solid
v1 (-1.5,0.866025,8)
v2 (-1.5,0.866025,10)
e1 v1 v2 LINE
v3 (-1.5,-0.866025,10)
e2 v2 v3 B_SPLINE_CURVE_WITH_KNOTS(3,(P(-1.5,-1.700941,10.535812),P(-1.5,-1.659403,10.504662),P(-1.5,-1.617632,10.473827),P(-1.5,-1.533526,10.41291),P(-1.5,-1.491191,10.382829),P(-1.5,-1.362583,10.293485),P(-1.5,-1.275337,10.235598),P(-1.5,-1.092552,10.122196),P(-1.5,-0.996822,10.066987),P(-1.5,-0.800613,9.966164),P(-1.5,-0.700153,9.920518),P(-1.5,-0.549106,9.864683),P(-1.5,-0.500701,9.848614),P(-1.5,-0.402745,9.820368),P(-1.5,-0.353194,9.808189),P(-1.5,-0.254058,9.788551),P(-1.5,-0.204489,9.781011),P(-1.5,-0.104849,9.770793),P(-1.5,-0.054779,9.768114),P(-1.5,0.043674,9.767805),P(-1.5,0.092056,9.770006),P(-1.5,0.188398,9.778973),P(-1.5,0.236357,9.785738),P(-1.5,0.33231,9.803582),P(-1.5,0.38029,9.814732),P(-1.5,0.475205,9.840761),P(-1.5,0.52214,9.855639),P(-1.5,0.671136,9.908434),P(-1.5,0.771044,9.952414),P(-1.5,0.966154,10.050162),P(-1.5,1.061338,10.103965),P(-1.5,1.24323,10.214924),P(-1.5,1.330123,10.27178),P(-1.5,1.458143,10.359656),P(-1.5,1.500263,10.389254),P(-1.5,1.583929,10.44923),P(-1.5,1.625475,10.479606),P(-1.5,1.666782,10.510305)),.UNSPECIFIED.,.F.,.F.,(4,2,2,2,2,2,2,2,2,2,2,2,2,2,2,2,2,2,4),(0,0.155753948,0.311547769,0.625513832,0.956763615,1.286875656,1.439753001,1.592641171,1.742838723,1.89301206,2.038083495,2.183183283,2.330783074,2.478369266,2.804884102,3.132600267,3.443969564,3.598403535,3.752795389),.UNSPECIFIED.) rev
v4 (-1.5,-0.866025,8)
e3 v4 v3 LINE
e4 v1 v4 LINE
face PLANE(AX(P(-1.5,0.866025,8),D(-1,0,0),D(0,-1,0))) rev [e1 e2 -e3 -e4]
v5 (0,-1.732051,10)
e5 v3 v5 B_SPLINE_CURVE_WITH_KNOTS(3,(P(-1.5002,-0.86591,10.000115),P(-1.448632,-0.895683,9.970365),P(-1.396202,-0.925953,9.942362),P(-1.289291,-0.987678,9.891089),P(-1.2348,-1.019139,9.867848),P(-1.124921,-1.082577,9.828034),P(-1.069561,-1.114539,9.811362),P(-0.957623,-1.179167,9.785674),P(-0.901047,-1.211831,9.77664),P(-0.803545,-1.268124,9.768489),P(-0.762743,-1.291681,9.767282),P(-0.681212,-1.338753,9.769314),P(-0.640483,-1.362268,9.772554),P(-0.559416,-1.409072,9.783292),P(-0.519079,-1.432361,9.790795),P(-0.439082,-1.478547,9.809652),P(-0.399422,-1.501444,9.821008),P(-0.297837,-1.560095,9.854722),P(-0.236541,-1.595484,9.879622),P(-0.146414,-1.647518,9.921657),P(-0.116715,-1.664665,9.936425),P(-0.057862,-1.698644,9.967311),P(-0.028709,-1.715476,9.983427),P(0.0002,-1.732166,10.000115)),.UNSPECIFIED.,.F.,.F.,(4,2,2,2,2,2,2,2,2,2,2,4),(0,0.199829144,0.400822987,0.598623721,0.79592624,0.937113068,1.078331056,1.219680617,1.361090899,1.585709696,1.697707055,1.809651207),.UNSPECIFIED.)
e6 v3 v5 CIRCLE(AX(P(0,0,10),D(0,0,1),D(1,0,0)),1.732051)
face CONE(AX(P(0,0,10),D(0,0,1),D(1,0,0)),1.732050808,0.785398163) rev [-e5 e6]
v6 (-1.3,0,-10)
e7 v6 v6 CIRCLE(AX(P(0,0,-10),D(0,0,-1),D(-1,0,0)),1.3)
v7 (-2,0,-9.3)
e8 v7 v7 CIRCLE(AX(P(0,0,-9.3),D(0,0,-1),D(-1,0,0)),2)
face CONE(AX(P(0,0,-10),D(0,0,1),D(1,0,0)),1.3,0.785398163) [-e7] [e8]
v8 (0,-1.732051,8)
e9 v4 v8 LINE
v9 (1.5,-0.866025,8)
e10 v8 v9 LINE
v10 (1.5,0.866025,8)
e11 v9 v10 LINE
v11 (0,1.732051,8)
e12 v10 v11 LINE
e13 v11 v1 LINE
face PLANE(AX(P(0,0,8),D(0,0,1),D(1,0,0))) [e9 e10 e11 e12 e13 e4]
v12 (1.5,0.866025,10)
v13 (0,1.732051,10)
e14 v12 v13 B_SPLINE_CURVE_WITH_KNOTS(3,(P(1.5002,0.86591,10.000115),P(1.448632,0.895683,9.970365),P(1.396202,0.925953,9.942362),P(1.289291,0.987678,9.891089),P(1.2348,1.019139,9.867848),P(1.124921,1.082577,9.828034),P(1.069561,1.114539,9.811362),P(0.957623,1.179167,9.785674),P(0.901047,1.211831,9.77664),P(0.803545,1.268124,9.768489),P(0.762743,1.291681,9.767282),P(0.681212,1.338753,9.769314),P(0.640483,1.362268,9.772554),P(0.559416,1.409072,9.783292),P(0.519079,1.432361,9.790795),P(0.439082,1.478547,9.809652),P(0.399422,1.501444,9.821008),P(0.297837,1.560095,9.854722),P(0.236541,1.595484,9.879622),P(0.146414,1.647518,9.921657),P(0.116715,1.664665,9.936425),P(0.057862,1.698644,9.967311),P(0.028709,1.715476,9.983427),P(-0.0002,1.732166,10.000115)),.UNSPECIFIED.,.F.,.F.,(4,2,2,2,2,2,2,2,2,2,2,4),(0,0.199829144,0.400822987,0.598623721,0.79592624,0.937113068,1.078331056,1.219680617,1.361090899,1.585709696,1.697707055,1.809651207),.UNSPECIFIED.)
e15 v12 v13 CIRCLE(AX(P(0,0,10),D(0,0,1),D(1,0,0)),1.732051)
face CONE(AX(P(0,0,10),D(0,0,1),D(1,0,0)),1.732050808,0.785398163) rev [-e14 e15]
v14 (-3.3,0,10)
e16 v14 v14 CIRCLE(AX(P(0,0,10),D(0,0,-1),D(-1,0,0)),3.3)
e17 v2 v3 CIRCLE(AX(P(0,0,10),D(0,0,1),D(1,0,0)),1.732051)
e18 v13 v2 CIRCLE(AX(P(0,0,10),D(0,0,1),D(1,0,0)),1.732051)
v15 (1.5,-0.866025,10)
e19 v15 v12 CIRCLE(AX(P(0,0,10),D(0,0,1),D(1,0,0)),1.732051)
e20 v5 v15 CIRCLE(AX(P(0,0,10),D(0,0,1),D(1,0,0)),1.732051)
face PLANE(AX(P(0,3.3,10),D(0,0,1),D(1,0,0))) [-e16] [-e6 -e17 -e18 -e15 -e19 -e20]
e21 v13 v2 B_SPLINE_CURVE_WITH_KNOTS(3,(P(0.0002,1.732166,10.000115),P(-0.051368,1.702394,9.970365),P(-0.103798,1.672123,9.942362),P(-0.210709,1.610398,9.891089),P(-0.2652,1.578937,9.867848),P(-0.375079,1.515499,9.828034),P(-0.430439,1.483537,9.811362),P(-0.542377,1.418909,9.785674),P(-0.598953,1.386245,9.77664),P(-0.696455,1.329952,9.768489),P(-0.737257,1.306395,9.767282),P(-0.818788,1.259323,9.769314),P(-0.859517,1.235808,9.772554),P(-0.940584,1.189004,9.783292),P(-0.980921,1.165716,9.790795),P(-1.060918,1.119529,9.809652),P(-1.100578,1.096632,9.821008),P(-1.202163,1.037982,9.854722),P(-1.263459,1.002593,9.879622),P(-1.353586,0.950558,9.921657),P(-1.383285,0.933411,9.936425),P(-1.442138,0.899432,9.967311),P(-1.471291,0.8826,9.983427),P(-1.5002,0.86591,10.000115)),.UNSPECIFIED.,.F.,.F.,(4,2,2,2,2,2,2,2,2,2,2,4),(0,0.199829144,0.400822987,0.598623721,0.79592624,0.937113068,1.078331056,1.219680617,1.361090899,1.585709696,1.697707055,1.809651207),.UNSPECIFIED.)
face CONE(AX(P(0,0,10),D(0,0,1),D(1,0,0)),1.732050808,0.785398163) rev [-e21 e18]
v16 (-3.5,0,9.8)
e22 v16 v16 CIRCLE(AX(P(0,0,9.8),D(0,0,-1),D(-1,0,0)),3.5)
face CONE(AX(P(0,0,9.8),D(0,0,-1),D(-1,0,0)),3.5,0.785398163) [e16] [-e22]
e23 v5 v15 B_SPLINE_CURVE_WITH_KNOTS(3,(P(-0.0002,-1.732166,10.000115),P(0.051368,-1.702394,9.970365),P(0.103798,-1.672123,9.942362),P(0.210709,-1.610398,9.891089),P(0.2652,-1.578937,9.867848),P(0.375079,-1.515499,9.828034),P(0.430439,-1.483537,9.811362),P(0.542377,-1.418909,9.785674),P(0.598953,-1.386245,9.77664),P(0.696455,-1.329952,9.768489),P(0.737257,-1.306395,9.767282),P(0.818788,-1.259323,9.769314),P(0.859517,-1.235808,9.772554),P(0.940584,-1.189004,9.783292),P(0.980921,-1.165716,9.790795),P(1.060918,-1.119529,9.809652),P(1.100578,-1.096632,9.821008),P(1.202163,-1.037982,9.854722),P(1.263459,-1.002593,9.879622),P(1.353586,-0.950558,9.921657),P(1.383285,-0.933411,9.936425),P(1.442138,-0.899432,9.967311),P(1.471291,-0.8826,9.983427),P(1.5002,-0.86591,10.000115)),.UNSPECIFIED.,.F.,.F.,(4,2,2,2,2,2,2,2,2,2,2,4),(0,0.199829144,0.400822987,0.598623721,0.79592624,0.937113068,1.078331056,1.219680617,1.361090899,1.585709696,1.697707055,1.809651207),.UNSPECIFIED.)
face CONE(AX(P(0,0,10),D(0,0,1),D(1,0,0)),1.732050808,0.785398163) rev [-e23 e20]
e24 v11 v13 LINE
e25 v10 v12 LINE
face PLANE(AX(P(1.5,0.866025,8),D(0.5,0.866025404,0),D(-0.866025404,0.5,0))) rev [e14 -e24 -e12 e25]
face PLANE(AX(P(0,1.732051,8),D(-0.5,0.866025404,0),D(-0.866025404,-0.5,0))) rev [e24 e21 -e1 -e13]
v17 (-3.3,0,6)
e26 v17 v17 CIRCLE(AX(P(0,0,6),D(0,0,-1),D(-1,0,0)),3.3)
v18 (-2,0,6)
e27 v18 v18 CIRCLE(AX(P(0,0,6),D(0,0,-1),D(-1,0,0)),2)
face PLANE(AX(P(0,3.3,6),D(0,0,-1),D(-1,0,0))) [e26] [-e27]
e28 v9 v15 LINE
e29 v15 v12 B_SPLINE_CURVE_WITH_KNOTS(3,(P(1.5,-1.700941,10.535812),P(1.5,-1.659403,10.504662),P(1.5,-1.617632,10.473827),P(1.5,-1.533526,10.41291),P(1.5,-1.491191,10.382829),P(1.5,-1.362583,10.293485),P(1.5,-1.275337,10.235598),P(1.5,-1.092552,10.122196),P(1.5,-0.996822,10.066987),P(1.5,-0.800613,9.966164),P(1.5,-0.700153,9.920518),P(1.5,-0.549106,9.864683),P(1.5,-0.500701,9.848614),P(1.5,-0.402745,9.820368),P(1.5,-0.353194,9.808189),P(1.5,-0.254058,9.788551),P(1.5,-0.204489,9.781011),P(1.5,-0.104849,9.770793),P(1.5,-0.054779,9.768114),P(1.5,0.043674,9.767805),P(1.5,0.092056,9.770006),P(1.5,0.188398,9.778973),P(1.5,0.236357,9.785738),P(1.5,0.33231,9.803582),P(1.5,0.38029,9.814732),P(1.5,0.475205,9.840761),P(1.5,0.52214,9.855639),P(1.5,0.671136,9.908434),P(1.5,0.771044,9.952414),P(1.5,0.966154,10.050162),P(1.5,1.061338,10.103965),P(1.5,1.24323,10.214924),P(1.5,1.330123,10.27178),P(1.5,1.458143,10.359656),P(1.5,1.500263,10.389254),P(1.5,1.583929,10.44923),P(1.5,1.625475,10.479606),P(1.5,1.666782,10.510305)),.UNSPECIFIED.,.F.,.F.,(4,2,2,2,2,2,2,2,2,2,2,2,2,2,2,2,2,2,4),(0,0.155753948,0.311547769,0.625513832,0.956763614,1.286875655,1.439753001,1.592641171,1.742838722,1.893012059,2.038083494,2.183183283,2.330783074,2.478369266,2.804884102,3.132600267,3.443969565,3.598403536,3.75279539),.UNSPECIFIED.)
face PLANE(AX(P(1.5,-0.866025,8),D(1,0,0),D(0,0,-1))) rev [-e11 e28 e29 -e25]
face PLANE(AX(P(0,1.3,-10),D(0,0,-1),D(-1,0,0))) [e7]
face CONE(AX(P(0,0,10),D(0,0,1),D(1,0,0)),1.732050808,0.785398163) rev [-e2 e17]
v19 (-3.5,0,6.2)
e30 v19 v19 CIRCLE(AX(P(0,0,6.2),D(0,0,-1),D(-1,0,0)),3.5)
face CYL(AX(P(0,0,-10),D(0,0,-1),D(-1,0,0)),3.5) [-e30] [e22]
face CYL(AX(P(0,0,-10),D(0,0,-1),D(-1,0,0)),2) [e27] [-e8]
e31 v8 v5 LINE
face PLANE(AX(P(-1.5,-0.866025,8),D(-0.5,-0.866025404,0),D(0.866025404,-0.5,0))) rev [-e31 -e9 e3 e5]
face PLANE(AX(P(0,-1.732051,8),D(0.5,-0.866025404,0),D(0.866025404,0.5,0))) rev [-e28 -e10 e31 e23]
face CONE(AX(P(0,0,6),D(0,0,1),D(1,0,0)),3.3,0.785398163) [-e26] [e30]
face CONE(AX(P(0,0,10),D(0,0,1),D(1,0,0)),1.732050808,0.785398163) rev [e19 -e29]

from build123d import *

# Parameters (mm, degrees)
CUT_EXTRUDE1_START = -2
CUT_EXTRUDE1_DEPTH = 2
SKETCH4_R          = 1.732050808
CUT_EXTRUDE2_DEPTH = 0.5
CUT_EXTRUDE2_TAPER = 45


with BuildPart() as part:
    # Sketch2 → Revolve1 (revolve)
    with BuildSketch(Plane(origin=(0, 0, 0), x_dir=(0, 0, -1), z_dir=(1, 0, 0))):
        Polygon((-9.8, 3.5), (-6.2, 3.5), (-6, 3.3), (-6, 2), (9.3, 2), (10, 1.3), (10, 0), (-10, 0), (-10, 3.3), align=None)
    revolve(axis=Axis((0, 0, -10), (0, 0, 1)))

    # Sketch3 → Cut-Extrude1 (cut)
    with BuildSketch(Plane.XY.offset(10).offset(CUT_EXTRUDE1_START)):
        Polygon((0, 1.732050808), (-1.5, 0.866025404), (-1.5, -0.866025404), (0, -1.732050808), (1.5, -0.866025404), (1.5, 0.866025404), align=None)
    extrude(amount=CUT_EXTRUDE1_DEPTH, mode=Mode.SUBTRACT)

    # Sketch4 → Cut-Extrude2 (cut)
    with BuildSketch(Plane.XY.offset(10)):
        Circle(SKETCH4_R)
    extrude(amount=-CUT_EXTRUDE2_DEPTH, taper=CUT_EXTRUDE2_TAPER, mode=Mode.SUBTRACT)


solid = part.part
